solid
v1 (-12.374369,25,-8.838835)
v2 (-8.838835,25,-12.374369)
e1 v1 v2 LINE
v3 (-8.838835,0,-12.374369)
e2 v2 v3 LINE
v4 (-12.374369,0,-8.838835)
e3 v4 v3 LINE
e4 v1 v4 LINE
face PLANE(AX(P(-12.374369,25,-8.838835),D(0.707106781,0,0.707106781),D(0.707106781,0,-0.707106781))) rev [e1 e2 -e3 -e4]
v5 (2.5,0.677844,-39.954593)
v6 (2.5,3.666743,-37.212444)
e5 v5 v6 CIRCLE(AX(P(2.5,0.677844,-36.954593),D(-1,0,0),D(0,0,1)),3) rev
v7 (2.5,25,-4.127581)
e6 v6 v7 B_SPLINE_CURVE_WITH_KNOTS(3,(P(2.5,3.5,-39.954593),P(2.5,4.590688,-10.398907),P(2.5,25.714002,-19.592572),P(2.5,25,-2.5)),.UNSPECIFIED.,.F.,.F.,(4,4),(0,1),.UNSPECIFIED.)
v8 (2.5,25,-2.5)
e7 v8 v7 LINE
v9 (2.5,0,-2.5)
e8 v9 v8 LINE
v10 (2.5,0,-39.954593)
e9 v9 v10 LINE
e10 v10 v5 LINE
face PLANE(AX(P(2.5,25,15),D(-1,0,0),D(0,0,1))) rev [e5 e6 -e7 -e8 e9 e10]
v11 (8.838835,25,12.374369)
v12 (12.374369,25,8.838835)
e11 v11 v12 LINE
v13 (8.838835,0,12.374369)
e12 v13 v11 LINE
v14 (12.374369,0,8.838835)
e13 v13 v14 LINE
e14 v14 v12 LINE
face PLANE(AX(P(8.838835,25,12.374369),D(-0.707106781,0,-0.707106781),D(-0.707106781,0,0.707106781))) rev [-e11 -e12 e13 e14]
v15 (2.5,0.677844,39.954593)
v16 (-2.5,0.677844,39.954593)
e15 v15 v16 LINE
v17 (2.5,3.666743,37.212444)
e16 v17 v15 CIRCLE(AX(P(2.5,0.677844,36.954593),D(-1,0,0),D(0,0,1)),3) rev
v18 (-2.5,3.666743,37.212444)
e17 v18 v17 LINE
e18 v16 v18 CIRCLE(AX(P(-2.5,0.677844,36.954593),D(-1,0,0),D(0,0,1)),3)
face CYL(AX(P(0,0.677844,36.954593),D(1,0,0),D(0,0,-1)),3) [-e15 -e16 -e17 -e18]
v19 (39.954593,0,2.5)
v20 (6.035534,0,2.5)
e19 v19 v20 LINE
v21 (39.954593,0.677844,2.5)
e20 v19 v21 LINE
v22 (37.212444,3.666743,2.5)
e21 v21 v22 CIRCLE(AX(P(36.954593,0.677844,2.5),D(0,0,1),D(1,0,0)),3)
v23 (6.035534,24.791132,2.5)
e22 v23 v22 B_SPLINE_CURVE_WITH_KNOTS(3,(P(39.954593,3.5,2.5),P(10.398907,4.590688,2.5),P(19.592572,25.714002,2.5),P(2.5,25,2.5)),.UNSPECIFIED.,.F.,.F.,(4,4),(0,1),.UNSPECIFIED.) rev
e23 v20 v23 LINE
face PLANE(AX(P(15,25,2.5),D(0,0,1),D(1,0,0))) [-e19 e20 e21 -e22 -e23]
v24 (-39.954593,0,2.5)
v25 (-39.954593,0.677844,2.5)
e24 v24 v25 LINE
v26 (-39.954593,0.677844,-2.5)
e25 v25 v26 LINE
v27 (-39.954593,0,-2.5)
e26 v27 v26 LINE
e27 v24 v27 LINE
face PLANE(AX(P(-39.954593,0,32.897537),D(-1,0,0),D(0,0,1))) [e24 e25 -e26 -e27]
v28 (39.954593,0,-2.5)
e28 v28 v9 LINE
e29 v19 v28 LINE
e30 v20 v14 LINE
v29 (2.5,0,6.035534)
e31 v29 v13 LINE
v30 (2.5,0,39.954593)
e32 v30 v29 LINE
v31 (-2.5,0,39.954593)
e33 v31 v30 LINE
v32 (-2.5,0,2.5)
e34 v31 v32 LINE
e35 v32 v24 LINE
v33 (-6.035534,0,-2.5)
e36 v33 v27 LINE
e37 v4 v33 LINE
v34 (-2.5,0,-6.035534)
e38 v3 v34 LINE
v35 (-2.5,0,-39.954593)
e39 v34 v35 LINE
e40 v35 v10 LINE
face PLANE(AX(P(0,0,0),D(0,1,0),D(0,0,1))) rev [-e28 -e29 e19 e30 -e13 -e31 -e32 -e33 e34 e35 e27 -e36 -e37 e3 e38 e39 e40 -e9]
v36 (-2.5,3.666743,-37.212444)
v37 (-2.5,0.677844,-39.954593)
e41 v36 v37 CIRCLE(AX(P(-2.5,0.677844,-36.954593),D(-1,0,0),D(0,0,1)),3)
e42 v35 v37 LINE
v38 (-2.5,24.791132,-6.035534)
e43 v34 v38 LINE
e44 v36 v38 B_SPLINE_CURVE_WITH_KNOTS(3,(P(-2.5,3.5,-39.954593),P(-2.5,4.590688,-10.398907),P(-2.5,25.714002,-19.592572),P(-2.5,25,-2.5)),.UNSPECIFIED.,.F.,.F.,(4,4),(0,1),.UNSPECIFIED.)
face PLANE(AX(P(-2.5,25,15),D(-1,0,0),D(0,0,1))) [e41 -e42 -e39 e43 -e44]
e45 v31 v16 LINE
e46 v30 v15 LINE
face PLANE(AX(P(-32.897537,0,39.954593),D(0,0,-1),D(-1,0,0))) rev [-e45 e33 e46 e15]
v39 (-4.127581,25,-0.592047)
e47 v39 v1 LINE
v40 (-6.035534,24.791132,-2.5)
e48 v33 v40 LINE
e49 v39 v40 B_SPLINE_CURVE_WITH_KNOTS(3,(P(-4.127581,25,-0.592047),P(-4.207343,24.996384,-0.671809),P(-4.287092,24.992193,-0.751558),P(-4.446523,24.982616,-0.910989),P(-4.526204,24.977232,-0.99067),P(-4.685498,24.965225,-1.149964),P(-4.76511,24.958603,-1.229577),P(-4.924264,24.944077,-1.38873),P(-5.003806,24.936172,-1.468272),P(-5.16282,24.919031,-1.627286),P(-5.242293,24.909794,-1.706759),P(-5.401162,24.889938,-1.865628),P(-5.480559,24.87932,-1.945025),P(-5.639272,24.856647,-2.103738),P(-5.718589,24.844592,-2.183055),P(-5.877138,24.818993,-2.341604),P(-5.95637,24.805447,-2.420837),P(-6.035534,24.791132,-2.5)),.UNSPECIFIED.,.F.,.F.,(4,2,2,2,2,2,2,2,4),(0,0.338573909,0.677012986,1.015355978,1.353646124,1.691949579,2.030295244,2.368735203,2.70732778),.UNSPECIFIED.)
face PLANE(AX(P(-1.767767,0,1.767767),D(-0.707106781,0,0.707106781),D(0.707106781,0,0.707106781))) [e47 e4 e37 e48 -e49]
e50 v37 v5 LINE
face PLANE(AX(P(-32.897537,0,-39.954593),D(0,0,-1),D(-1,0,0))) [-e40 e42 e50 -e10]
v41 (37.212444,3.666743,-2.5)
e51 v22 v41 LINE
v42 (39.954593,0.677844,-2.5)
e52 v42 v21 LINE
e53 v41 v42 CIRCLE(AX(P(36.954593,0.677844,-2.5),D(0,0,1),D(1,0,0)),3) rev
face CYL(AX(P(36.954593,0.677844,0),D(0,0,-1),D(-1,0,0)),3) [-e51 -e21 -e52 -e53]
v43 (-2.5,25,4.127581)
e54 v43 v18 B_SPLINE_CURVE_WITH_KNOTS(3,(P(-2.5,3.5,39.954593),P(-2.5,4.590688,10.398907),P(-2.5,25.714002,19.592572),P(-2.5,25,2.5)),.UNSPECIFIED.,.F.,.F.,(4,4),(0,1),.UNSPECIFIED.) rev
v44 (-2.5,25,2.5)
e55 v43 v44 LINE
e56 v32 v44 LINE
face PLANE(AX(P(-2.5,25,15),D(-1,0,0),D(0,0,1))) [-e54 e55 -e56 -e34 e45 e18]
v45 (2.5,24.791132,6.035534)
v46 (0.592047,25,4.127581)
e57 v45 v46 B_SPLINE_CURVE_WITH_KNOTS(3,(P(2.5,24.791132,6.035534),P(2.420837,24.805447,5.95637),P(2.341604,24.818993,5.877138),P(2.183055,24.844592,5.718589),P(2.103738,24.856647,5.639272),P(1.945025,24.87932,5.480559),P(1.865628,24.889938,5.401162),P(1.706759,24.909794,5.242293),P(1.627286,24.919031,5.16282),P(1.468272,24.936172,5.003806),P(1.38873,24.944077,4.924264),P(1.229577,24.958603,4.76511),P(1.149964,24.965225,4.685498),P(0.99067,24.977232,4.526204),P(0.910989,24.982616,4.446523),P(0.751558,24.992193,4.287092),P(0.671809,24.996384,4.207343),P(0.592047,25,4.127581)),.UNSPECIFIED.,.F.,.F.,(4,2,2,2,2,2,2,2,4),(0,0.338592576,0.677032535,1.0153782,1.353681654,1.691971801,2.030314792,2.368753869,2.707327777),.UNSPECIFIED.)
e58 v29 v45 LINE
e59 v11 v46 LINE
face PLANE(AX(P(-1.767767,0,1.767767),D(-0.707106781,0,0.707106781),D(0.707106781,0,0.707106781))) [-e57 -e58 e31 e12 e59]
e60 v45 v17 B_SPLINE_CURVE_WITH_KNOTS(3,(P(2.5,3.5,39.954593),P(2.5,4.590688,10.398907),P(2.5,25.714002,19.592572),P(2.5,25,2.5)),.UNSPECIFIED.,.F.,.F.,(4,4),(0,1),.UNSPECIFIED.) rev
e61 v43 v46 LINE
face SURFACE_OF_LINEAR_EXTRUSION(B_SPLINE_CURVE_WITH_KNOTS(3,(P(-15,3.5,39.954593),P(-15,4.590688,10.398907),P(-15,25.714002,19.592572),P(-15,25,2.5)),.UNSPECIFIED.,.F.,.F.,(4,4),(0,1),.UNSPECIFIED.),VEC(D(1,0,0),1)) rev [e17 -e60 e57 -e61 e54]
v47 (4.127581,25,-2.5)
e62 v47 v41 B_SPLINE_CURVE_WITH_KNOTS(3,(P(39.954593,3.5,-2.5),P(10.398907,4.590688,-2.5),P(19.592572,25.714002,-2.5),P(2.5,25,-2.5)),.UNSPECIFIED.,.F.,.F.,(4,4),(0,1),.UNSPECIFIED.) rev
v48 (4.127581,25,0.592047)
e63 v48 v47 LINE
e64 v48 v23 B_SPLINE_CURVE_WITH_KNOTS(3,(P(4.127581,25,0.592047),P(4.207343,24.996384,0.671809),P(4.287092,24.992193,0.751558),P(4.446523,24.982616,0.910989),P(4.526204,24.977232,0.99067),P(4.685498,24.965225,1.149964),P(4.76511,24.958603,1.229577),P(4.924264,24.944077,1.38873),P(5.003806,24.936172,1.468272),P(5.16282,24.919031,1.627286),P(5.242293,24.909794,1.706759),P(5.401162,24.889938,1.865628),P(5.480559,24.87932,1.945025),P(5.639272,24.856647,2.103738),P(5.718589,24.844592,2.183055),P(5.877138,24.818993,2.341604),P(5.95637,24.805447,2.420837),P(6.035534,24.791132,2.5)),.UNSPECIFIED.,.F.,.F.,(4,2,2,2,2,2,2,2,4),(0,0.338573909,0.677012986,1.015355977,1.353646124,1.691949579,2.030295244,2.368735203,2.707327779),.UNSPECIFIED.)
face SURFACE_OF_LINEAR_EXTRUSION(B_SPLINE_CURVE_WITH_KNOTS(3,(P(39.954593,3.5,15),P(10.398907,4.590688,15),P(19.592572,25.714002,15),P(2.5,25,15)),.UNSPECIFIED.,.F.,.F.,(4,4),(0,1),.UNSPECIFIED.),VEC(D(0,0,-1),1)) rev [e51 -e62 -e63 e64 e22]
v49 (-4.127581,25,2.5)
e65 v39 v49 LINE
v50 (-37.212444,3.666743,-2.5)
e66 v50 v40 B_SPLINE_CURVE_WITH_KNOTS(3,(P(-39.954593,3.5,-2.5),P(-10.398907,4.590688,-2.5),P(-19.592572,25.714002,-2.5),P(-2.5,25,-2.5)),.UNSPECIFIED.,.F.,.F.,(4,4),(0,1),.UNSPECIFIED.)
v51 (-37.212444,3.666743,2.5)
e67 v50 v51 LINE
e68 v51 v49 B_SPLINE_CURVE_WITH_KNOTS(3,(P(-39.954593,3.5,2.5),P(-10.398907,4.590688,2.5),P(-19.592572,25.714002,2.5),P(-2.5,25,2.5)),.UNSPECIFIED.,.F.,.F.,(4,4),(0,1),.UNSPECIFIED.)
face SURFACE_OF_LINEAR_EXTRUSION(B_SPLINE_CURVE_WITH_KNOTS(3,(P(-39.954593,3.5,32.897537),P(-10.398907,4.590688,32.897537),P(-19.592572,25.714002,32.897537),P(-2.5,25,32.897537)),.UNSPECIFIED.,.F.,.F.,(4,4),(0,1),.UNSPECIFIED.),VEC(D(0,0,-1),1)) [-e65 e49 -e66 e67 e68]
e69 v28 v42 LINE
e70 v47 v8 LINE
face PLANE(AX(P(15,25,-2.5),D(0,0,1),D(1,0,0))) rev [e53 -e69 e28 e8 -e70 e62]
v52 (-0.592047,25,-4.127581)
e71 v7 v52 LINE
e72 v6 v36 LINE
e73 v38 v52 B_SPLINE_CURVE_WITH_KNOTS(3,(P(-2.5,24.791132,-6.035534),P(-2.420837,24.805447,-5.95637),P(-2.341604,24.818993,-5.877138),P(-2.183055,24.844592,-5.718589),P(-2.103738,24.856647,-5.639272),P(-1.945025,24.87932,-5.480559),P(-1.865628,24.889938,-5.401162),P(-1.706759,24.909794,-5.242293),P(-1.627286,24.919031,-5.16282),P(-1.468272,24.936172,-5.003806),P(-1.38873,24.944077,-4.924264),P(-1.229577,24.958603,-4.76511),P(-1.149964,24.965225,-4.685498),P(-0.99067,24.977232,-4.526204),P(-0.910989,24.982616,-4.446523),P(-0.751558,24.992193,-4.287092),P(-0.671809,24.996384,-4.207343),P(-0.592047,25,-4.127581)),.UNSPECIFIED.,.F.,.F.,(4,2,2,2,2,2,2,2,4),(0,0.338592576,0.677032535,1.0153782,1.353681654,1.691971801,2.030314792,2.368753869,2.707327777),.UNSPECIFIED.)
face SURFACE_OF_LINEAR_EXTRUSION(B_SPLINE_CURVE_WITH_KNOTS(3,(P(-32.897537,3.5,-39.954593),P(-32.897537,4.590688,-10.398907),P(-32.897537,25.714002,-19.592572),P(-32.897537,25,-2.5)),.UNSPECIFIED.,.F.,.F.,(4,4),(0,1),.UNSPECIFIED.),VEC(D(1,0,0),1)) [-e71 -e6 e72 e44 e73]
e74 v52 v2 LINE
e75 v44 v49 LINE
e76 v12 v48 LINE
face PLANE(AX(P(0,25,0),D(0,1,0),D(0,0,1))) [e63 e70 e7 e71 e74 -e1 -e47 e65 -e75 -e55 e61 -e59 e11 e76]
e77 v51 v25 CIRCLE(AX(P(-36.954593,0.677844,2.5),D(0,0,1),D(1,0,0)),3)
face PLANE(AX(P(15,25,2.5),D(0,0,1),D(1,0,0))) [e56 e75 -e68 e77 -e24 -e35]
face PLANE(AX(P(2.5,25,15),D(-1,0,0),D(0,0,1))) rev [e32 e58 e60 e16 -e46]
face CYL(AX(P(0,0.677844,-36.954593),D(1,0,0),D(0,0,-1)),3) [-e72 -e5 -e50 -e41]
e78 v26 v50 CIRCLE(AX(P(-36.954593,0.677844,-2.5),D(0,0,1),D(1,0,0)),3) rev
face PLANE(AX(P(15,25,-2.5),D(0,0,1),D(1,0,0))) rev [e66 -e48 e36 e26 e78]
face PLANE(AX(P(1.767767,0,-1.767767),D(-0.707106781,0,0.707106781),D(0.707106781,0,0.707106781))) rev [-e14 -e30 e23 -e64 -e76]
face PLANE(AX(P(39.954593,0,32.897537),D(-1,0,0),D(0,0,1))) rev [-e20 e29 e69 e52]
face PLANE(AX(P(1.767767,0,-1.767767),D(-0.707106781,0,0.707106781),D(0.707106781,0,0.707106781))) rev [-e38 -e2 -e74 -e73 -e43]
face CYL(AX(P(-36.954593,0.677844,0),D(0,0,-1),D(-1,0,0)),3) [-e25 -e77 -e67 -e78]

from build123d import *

# Parameters (mm, degrees)
SKETCH3_W           = 30
SKETCH3_H           = 5
SKETCH3_W_2         = 5
SKETCH3_H_2         = 30
BOSS_EXTRUDE2_DEPTH = 25
CUT_EXTRUDE2_DEPTH  = 35.003676272
BOSS_EXTRUDE3_DEPTH = 5
SKETCH9_W           = 12.5
SKETCH9_H           = 5
CUT_EXTRUDE3_DEPTH  = 50.460787365
CIRPATTERN9_COUNT   = 4
SKETCH11_W          = 30
SKETCH11_H          = 25
BOSS_EXTRUDE5_DEPTH = 2.5
FILLET1_R           = 3


with BuildPart() as part:
    # Sketch3 → Boss-Extrude2 (new body)
    with BuildSketch(Plane(origin=(0, 0, 0), x_dir=(1, 0, 0), z_dir=(0, 1, 0))):
        Rectangle(SKETCH3_W, SKETCH3_H)
        Rectangle(SKETCH3_W_2, SKETCH3_H_2)
    extrude(amount=BOSS_EXTRUDE2_DEPTH)

    # Sketch4 → Cut-Extrude2 (cut, symmetric)
    with BuildSketch(Plane(origin=(2.5, 0, 0), x_dir=(0, 0, -1), z_dir=(1, 0, 0))):
        with BuildLine():
            Line((-15, 25), (-15, 17.357377201))
            add(Edge.make_bspline(
                [(-15, 17.357377201), (-12.472140197, 21.356054213), (-10.128526377, 24.727998236), (-4.127581327, 25)],
                knots=[0.577139171, 0.577139171, 0.577139171, 0.577139171, 0.966590179, 0.966590179, 0.966590179, 0.966590179], degree=3))
            Line((-4.127581327, 25), (-15, 25))
        make_face()
    cut_extrude2 = extrude(amount=CUT_EXTRUDE2_DEPTH, both=True, mode=Mode.SUBTRACT)

    # Sketch5 → Boss-Extrude3 (add)
    with BuildSketch(Plane(origin=(2.5, 0, 0), x_dir=(0, 0, -1), z_dir=(1, 0, 0))):
        with BuildLine():
            Line((-39.95459265, 0), (-15, 0))
            Line((-15, 0), (-15, 17.357377201))
            add(Edge.make_bspline(
                [(-39.95459265, 3.5), (-22.896848779, 4.129478661), (-18.746111538, 11.431617363), (-15, 17.357377201)],
                knots=[0, 0, 0, 0, 0.577139171, 0.577139171, 0.577139171, 0.577139171], degree=3))
            Line((-39.95459265, 3.5), (-39.95459265, 0))
        make_face()
    boss_extrude3 = extrude(amount=-BOSS_EXTRUDE3_DEPTH)

    # Mirror1: Boss-Extrude3 across plane
    add(boss_extrude3.mirror(Plane.XY))

    # Mirror2: Cut-Extrude2 across plane
    add(cut_extrude2.mirror(Plane.XY), mode=Mode.SUBTRACT)

    # Sketch9 → Cut-Extrude3 (cut, through all)
    with BuildSketch(Plane(origin=(0, 25, 0), x_dir=(1, 0, 0), z_dir=(0, 1, 0))):
        with Locations((-8.75, 0)):
            Rectangle(SKETCH9_W, SKETCH9_H)
        with Locations((8.75, 0)):
            Rectangle(SKETCH9_W, SKETCH9_H)
    extrude(amount=-CUT_EXTRUDE3_DEPTH, mode=Mode.SUBTRACT)


with BuildPart() as cirpattern9_1:
    # CirPattern9: pattern copy
    add(part.part.rotate(Axis((0, 0, 0), (0, 1, 0)), 1 * 360 / CIRPATTERN9_COUNT))


with BuildPart() as cirpattern9_2:
    # CirPattern9: pattern copy
    add(part.part.rotate(Axis((0, 0, 0), (0, 1, 0)), 2 * 360 / CIRPATTERN9_COUNT))


with BuildPart() as cirpattern9_3:
    # CirPattern9: pattern copy
    add(part.part.rotate(Axis((0, 0, 0), (0, 1, 0)), 3 * 360 / CIRPATTERN9_COUNT))


with BuildPart() as part_1:
    add(part.part)

    add(cirpattern9_1.part)  # Boss-Extrude5 merges CirPattern9_1

    add(cirpattern9_2.part)  # Boss-Extrude5 merges CirPattern9_2

    add(cirpattern9_3.part)  # Boss-Extrude5 merges CirPattern9_3
    # Sketch11 → Boss-Extrude5 (add, symmetric)
    with BuildSketch(Plane(origin=(0, 0, 0), x_dir=(0.7071067811865489, 0, 0.7071067811865462), z_dir=(-0.7071067811865462, 0, 0.7071067811865489))):
        with Locations((0, 12.5)):
            Rectangle(SKETCH11_W, SKETCH11_H)
    extrude(amount=BOSS_EXTRUDE5_DEPTH, both=True)

    # Fillet1
    fillet1_edges = [part_1.edges().sort_by_distance(p)[0] for p in [
        (0, 3.5, 39.95459265),
        (0, 3.5, -39.95459265),
        (39.95459265, 3.5, 0),
        (-39.95459265, 3.5, 0),
    ]]
    fillet(fillet1_edges, radius=FILLET1_R)


solid = part_1.part
